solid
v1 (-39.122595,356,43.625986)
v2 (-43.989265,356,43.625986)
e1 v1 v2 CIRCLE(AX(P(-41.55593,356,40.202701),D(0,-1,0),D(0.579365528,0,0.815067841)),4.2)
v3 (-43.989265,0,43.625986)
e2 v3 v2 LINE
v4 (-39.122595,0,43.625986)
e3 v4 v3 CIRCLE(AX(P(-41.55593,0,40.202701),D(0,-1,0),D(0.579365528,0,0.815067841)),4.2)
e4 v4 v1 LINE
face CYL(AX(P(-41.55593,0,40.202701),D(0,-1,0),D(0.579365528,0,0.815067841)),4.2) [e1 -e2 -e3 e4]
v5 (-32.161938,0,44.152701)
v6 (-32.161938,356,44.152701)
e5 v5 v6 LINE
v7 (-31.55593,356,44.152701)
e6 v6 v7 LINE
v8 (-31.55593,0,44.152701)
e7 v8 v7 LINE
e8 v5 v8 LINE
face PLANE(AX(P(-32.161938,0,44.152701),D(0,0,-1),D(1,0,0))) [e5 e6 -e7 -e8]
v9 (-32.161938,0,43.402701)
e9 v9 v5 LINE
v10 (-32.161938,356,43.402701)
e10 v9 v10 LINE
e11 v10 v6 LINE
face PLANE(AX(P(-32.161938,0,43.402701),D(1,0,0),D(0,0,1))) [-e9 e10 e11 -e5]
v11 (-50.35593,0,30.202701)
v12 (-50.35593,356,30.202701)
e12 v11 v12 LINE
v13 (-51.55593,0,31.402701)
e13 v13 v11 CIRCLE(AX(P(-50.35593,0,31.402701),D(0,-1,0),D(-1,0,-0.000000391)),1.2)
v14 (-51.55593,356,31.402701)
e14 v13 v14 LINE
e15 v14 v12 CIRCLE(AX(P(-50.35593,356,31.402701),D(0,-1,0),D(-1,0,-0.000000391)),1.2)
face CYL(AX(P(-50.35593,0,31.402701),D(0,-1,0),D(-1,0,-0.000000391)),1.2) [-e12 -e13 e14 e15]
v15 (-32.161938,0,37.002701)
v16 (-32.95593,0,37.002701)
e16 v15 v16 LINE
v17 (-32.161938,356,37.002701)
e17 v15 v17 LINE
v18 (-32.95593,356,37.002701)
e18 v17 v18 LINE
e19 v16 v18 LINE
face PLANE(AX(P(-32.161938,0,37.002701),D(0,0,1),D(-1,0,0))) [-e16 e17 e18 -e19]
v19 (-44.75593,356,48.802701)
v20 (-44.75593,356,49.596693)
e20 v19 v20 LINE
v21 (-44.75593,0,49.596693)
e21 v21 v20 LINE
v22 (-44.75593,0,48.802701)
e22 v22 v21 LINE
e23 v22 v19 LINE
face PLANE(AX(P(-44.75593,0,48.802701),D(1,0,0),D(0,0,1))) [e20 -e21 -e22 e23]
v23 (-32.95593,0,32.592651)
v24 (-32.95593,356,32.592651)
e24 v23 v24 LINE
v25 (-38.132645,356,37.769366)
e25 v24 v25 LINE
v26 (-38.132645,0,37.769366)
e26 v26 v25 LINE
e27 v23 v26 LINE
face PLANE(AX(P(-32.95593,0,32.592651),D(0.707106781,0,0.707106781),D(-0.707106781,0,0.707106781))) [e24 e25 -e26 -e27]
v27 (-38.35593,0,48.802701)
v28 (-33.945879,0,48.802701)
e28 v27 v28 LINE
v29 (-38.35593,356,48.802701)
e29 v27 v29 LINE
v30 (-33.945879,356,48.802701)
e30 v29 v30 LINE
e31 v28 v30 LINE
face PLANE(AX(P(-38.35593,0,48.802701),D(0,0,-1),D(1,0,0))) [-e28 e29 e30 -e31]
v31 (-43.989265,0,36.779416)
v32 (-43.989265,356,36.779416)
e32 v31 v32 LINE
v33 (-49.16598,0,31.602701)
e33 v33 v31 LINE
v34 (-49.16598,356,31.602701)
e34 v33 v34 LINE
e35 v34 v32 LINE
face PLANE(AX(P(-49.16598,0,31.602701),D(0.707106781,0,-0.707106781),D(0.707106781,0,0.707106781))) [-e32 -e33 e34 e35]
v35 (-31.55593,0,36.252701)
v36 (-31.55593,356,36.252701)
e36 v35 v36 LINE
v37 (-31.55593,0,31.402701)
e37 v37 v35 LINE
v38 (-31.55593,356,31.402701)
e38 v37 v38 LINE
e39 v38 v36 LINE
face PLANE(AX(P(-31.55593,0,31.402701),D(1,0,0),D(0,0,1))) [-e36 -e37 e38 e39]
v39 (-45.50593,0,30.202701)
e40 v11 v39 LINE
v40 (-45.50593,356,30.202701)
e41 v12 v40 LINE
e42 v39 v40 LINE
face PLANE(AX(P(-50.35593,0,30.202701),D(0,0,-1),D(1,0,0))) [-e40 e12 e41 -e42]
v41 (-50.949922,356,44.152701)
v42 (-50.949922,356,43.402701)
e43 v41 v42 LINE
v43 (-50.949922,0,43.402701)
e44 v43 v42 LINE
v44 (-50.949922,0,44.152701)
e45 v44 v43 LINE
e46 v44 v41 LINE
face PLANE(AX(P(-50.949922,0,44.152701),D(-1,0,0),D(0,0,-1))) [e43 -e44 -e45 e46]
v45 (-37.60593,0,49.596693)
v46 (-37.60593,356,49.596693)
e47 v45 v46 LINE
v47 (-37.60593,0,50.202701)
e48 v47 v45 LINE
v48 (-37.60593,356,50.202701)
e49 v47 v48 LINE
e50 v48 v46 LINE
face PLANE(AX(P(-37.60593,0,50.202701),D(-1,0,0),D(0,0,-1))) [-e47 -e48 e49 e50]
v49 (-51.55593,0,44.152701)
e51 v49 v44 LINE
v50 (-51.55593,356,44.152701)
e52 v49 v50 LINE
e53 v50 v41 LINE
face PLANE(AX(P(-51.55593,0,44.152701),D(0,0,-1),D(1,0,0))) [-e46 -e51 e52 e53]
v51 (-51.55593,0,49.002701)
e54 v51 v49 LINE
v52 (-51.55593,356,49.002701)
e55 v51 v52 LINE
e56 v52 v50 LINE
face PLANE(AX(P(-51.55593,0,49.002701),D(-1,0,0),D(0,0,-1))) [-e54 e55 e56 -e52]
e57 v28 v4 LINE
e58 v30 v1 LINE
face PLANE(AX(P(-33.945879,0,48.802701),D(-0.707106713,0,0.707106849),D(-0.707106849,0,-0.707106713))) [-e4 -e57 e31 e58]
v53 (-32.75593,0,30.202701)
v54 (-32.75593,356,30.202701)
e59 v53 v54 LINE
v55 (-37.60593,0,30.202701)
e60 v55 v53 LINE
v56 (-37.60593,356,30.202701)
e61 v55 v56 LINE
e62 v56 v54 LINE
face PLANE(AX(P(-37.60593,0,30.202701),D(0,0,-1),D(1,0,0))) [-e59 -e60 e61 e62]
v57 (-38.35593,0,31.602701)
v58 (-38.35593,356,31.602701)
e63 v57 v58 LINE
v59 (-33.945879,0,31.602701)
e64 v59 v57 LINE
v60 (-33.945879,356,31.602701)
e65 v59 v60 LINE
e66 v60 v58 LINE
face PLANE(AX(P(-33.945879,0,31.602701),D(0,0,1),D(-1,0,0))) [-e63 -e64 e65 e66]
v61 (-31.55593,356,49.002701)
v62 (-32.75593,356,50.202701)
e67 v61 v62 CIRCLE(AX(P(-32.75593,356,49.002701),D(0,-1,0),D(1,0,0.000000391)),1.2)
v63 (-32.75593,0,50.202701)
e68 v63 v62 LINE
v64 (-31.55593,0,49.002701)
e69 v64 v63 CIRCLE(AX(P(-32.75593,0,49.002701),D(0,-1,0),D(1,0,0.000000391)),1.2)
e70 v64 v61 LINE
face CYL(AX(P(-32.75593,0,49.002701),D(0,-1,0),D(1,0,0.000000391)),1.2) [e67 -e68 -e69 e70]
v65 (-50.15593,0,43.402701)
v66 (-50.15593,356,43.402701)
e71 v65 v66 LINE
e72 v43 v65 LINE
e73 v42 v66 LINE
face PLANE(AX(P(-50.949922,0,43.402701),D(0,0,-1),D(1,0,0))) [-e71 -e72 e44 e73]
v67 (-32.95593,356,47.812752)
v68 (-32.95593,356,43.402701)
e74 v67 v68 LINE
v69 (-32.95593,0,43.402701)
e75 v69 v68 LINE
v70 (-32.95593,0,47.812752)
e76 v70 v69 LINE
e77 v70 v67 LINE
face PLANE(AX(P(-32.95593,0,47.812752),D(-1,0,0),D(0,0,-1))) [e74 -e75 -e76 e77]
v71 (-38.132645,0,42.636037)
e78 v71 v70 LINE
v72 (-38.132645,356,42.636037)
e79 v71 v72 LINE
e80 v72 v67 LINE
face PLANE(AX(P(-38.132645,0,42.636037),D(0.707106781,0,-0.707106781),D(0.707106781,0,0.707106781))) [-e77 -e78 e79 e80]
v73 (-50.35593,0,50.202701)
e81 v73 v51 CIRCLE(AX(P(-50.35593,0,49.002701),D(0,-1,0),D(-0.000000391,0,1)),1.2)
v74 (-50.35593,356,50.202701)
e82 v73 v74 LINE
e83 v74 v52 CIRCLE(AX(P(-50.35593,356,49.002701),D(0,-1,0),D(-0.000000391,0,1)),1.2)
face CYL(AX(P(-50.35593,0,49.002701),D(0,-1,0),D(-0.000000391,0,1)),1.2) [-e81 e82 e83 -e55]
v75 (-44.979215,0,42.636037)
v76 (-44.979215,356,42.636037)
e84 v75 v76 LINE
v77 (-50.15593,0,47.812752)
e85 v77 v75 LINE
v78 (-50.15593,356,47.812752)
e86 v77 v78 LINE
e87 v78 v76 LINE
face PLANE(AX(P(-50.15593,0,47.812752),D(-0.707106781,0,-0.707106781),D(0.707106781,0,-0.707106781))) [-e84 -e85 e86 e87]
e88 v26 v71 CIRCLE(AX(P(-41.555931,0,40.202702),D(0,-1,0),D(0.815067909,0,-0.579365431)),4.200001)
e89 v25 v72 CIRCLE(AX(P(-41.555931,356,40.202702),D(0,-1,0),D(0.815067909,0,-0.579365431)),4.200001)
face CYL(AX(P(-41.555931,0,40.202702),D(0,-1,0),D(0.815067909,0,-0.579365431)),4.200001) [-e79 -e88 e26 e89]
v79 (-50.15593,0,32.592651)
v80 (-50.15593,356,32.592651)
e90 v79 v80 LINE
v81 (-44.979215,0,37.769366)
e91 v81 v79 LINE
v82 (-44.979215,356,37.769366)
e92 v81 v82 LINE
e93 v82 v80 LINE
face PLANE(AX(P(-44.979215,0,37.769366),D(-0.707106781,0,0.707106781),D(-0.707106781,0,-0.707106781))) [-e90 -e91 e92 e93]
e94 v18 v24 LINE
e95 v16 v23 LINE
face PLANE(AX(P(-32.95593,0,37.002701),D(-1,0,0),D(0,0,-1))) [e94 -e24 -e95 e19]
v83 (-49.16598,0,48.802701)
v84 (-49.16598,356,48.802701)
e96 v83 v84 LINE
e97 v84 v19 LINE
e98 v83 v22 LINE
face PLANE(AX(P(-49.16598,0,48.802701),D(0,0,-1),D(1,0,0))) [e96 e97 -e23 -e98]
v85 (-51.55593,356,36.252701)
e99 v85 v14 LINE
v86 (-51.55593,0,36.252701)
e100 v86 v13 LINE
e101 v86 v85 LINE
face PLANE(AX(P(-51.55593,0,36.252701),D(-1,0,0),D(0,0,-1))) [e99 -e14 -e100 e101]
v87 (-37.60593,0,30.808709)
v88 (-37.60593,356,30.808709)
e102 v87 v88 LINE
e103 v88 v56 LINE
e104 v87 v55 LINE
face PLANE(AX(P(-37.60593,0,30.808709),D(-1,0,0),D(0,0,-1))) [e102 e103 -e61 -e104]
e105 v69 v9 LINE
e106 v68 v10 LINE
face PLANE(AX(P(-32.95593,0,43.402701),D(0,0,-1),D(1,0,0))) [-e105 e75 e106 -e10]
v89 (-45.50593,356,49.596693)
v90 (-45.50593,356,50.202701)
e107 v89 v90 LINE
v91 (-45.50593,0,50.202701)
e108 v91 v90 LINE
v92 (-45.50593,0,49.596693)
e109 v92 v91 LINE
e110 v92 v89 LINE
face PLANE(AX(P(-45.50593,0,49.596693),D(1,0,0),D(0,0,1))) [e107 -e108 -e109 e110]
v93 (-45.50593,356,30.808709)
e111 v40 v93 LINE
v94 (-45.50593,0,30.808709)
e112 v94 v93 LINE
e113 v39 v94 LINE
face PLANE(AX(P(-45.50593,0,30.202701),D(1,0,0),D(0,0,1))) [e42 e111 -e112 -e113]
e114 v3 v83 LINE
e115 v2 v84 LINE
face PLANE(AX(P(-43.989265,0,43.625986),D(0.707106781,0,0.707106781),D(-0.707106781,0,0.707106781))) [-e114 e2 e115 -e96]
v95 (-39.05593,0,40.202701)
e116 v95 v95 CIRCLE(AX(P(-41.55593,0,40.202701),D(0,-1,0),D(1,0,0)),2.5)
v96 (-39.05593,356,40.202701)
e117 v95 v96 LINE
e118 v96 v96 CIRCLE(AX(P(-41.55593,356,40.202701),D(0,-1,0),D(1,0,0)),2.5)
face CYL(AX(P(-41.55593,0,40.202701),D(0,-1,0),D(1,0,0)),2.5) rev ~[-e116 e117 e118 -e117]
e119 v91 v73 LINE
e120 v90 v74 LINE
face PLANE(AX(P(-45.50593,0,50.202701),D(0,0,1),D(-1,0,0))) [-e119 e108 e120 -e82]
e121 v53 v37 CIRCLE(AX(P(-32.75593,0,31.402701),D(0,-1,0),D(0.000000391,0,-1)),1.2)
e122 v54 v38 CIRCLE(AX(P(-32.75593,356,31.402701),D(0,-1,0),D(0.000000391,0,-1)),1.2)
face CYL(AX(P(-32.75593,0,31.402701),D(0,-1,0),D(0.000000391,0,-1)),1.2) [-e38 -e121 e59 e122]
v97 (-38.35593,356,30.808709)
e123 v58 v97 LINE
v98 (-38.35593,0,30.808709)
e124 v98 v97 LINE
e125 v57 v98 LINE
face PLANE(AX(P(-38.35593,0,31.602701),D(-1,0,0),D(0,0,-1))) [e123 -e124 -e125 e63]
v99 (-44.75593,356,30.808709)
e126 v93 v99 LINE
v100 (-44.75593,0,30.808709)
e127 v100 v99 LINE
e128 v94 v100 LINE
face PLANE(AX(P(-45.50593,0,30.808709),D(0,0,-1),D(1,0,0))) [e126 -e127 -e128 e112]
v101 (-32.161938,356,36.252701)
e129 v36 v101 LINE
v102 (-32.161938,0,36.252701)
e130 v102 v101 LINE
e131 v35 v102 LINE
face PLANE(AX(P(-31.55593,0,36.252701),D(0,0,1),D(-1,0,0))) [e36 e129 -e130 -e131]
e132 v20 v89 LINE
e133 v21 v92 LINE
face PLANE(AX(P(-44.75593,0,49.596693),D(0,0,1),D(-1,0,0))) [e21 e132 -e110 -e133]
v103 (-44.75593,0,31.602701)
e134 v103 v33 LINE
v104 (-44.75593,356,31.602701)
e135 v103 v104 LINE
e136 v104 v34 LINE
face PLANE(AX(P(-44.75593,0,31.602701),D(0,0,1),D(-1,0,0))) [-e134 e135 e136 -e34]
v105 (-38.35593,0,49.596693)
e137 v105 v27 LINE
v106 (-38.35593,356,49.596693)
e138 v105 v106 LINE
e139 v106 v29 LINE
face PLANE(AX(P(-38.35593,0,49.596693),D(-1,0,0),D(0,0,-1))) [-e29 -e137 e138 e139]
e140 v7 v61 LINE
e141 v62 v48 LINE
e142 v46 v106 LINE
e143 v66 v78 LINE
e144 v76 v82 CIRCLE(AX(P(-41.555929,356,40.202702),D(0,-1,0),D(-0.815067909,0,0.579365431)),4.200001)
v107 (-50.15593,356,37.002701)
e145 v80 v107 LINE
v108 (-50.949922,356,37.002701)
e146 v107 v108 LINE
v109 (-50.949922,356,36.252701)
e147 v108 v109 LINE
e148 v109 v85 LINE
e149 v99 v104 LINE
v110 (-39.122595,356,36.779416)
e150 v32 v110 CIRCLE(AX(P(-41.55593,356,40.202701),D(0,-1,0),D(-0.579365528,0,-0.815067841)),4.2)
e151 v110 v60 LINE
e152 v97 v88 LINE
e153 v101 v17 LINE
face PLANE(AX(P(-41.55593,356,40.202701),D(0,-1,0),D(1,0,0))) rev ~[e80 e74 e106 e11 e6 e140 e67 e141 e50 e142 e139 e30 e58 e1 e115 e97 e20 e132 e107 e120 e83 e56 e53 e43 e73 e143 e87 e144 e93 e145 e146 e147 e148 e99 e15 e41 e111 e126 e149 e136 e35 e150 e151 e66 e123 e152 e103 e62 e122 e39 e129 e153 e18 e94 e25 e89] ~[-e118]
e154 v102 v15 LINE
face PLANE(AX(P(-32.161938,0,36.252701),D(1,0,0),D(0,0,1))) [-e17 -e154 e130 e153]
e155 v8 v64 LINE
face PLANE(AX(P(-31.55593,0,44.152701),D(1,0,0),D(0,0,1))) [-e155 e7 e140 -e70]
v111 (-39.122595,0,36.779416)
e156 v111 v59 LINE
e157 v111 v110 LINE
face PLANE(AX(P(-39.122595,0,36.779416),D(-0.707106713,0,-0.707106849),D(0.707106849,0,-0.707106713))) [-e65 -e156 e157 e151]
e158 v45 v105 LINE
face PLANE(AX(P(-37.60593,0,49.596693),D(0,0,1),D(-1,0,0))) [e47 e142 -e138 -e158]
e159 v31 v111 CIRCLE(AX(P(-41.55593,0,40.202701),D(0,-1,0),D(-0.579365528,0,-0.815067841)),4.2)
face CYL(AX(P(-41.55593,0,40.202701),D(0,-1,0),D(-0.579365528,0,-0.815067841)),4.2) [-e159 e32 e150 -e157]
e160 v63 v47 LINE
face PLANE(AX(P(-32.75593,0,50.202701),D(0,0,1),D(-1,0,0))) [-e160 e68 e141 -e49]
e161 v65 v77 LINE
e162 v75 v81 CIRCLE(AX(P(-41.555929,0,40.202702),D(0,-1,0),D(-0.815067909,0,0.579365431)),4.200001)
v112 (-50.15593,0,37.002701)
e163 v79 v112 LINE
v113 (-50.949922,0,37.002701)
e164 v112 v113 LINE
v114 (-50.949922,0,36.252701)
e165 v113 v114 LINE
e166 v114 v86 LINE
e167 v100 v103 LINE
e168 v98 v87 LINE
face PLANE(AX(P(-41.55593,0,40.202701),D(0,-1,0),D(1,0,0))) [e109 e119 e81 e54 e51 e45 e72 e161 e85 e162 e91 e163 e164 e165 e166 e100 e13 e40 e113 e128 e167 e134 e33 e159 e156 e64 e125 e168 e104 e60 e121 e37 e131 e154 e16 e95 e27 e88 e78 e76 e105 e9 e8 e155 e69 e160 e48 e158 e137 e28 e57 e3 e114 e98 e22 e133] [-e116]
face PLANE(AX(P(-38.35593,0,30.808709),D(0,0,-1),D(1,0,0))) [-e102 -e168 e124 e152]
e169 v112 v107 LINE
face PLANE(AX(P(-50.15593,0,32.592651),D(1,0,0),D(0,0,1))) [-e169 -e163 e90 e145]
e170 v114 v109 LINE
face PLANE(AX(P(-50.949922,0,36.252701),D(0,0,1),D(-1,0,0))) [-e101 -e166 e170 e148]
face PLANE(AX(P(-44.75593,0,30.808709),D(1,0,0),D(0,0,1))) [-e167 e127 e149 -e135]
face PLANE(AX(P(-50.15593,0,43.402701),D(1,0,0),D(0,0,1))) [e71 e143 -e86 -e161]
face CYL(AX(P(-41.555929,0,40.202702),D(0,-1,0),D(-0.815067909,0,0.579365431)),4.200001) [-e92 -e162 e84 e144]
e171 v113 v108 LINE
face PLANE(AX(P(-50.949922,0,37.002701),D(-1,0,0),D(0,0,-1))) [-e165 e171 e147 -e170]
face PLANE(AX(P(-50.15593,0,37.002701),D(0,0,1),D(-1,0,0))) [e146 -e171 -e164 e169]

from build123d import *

# Parameters (mm, degrees)
F0_R     = 2.5
F1_DEPTH = 356


with BuildPart() as f1:
    # F0 (on Front) → F1 (new body)
    with BuildSketch(Plane.XZ):
        with BuildLine():
            Line((-50.15593, 47.812752), (-44.979215, 42.636037))
            ThreePointArc((-44.979215, 42.636037), (-45.75593, 40.202701), (-44.979215, 37.769366))
            Line((-44.979215, 37.769366), (-50.15593, 32.592651))
            Line((-50.15593, 32.592651), (-50.15593, 37.002701))
            Line((-50.15593, 37.002701), (-50.949922, 37.002701))
            Line((-50.949922, 37.002701), (-50.949922, 36.252701))
            Line((-50.949922, 36.252701), (-51.55593, 36.252701))
            Line((-51.55593, 36.252701), (-51.55593, 31.402701))
            ThreePointArc((-51.55593, 31.402701), (-51.204458, 30.554173), (-50.35593, 30.202701))
            Line((-50.35593, 30.202701), (-45.50593, 30.202701))
            Line((-45.50593, 30.202701), (-45.50593, 30.808709))
            Line((-45.50593, 30.808709), (-44.75593, 30.808709))
            Line((-44.75593, 30.808709), (-44.75593, 31.602701))
            Line((-44.75593, 31.602701), (-49.16598, 31.602701))
            Line((-49.16598, 31.602701), (-43.989265, 36.779416))
            ThreePointArc((-43.989265, 36.779416), (-41.55593, 36.002701), (-39.122595, 36.779416))
            Line((-39.122595, 36.779416), (-33.945879, 31.602701))
            Line((-33.945879, 31.602701), (-38.35593, 31.602701))
            Line((-38.35593, 31.602701), (-38.35593, 30.808709))
            Line((-38.35593, 30.808709), (-37.60593, 30.808709))
            Line((-37.60593, 30.808709), (-37.60593, 30.202701))
            Line((-37.60593, 30.202701), (-32.75593, 30.202701))
            ThreePointArc((-32.75593, 30.202701), (-31.907402, 30.554173), (-31.55593, 31.402701))
            Line((-31.55593, 31.402701), (-31.55593, 36.252701))
            Line((-31.55593, 36.252701), (-32.161938, 36.252701))
            Line((-32.161938, 36.252701), (-32.161938, 37.002701))
            Line((-32.161938, 37.002701), (-32.95593, 37.002701))
            Line((-32.95593, 37.002701), (-32.95593, 32.592651))
            Line((-32.95593, 32.592651), (-38.132645, 37.769366))
            ThreePointArc((-38.132645, 37.769366), (-37.35593, 40.202701), (-38.132645, 42.636037))
            Line((-38.132645, 42.636037), (-32.95593, 47.812752))
            Line((-32.95593, 47.812752), (-32.95593, 43.402701))
            Line((-32.95593, 43.402701), (-32.161938, 43.402701))
            Line((-32.161938, 43.402701), (-32.161938, 44.152701))
            Line((-32.161938, 44.152701), (-31.55593, 44.152701))
            Line((-31.55593, 44.152701), (-31.55593, 49.002701))
            ThreePointArc((-31.55593, 49.002701), (-31.907402, 49.851229), (-32.75593, 50.202701))
            Line((-32.75593, 50.202701), (-37.60593, 50.202701))
            Line((-37.60593, 50.202701), (-37.60593, 49.596693))
            Line((-37.60593, 49.596693), (-38.35593, 49.596693))
            Line((-38.35593, 49.596693), (-38.35593, 48.802701))
            Line((-38.35593, 48.802701), (-33.945879, 48.802701))
            Line((-33.945879, 48.802701), (-39.122595, 43.625986))
            ThreePointArc((-39.122595, 43.625986), (-41.55593, 44.402701), (-43.989265, 43.625986))
            Line((-43.989265, 43.625986), (-49.16598, 48.802701))
            Line((-49.16598, 48.802701), (-44.75593, 48.802701))
            Line((-44.75593, 48.802701), (-44.75593, 49.596693))
            Line((-44.75593, 49.596693), (-45.50593, 49.596693))
            Line((-45.50593, 49.596693), (-45.50593, 50.202701))
            Line((-45.50593, 50.202701), (-50.35593, 50.202701))
            ThreePointArc((-50.35593, 50.202701), (-51.204458, 49.851229), (-51.55593, 49.002701))
            Line((-51.55593, 49.002701), (-51.55593, 44.152701))
            Line((-51.55593, 44.152701), (-50.949922, 44.152701))
            Line((-50.949922, 44.152701), (-50.949922, 43.402701))
            Line((-50.949922, 43.402701), (-50.15593, 43.402701))
            Line((-50.15593, 43.402701), (-50.15593, 47.812752))
        make_face()
        with Locations((-41.55593, 40.202701)):
            Circle(F0_R, mode=Mode.SUBTRACT)
    extrude(amount=-F1_DEPTH)


solid = f1.part
